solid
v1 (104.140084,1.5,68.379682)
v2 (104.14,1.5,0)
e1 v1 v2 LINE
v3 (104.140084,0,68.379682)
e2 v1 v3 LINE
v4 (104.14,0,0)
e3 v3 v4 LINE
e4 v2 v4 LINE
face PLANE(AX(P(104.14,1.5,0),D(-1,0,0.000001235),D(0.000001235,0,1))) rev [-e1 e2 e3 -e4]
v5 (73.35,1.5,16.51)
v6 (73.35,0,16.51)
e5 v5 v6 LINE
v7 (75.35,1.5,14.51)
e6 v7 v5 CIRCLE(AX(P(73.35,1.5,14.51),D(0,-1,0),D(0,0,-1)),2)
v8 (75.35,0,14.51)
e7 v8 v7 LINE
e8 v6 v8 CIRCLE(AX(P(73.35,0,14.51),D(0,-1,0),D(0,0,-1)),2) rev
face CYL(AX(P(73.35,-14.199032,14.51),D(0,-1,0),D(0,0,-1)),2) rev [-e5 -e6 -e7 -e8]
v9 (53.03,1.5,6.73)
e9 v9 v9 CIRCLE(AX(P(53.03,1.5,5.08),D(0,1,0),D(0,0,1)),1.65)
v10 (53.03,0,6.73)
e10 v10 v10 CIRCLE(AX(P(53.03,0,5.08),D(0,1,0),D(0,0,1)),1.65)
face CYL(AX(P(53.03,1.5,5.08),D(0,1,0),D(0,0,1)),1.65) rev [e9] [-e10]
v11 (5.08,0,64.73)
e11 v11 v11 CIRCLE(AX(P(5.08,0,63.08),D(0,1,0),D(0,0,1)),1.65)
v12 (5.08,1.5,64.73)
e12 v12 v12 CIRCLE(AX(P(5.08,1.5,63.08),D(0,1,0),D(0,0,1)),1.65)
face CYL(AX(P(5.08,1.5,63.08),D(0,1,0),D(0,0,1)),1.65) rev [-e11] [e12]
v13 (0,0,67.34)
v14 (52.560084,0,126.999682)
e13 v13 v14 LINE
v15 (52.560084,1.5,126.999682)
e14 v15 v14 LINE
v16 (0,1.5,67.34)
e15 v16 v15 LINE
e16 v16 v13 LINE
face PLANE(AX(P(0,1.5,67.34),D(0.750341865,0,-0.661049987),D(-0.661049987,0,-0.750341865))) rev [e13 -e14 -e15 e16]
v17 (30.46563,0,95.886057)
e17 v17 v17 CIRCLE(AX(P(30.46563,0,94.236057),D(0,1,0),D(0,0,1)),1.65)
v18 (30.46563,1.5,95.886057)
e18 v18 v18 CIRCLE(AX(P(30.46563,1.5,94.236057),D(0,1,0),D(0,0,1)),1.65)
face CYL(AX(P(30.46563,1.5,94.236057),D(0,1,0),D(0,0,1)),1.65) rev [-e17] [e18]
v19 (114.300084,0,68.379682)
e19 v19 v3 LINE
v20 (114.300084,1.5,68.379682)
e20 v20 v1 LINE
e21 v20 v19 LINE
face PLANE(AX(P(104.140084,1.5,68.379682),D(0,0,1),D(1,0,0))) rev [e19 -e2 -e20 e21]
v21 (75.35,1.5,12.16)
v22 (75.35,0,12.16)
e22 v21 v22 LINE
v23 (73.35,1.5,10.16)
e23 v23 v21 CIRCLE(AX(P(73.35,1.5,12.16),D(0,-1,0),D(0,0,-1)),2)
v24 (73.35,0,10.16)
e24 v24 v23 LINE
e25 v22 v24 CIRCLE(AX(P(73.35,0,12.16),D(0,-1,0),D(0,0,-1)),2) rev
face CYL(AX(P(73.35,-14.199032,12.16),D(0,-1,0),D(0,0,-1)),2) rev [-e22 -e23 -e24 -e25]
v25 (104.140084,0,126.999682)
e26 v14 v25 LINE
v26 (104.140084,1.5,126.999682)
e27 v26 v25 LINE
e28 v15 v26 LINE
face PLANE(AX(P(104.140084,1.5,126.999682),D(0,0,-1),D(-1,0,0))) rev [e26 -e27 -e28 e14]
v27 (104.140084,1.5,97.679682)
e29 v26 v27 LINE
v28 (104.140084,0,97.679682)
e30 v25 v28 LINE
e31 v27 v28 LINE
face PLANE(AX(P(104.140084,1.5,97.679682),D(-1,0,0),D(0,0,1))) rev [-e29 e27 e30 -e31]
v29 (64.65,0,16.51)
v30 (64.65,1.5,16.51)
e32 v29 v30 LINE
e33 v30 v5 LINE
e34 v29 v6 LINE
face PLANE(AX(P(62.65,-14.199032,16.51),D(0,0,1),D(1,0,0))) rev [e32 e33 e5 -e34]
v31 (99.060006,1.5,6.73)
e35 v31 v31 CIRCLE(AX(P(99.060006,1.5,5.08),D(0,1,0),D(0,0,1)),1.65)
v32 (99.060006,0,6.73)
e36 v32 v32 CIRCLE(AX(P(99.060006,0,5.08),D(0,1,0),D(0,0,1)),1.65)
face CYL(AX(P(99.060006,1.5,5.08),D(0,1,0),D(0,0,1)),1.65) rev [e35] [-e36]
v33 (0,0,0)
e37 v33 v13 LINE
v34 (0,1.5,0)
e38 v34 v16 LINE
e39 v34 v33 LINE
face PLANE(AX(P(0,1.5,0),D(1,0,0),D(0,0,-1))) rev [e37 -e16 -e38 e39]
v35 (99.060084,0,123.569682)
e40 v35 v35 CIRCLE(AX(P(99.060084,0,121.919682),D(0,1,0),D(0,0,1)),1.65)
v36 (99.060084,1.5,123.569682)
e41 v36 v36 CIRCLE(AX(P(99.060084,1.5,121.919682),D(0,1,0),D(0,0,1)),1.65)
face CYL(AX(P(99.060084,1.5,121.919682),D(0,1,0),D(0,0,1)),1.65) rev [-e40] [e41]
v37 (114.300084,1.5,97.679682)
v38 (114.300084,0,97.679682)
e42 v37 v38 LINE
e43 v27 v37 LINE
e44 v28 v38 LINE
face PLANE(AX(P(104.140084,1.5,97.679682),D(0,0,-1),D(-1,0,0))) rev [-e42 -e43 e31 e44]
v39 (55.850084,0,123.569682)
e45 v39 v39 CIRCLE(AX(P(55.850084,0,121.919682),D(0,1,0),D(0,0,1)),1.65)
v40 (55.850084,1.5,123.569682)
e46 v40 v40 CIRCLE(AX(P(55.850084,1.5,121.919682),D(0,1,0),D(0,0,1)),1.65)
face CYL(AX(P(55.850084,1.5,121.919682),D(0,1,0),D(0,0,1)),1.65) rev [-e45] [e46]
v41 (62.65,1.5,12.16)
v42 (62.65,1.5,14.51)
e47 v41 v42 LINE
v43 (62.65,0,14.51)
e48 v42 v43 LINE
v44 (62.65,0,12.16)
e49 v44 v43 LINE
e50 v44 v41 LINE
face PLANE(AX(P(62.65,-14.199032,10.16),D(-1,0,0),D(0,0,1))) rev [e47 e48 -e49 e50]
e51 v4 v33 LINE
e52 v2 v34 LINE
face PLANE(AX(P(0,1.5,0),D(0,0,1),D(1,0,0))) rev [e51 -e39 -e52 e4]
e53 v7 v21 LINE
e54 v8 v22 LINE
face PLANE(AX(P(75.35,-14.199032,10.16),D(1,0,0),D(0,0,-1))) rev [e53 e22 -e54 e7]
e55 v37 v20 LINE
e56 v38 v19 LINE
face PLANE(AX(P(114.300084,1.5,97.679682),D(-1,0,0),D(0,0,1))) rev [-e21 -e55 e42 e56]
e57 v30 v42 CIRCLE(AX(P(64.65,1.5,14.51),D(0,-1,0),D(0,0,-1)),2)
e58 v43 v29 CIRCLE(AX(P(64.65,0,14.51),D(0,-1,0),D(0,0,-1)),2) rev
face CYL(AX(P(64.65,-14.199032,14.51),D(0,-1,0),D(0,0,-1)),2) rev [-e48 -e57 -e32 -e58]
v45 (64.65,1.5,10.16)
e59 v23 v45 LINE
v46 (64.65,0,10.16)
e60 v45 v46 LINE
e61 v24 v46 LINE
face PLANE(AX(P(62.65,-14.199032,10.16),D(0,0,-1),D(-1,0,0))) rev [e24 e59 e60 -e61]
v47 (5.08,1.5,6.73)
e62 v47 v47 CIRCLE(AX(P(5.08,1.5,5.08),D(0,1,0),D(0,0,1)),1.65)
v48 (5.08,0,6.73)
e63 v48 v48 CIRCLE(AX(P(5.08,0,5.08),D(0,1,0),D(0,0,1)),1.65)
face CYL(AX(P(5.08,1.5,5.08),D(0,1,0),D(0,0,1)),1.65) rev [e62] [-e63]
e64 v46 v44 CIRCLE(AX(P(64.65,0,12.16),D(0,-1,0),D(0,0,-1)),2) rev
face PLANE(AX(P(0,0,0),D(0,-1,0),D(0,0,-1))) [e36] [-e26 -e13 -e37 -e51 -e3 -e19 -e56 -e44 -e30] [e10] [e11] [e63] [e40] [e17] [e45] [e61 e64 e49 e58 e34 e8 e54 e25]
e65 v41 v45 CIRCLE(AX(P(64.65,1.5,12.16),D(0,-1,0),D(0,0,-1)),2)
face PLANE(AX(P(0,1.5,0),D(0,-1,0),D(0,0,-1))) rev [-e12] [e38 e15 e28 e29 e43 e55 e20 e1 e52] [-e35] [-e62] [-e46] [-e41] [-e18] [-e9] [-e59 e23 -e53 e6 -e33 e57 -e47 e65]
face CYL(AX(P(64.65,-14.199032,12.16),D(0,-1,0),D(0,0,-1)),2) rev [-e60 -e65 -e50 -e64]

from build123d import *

# Parameters (mm, degrees)
BOSS_EXTRUDE1_DEPTH   = 1.5
F_4_0MM_DOWEL_HOLE1_D = 3.3
SKETCH4_W             = 12.7
SKETCH4_H             = 6.35
CUT_EXTRUDE1_DEPTH    = 1.5
FILLET1_R             = 2


with BuildPart() as part:
    # Sketch1 → Boss-Extrude1 (new body)
    with BuildSketch(Plane(origin=(0, 0, 0), x_dir=(1, 0, 0), z_dir=(0, 1, 0))):
        Polygon((0, 0), (104.14, 0), (104.140084457, -68.379681711), (114.300084457, -68.379681711), (114.300084457, -97.679681711), (104.140084457, -97.679681711), (104.140084457, -126.999681711), (52.560084457, -126.999681711), (0, -67.34), align=None)
    extrude(amount=BOSS_EXTRUDE1_DEPTH)

    # Ø4.0mm Dowel Hole1 (through all)
    with Locations(Plane(origin=(5.08, 1.5, 5.08), x_dir=(0, 0, 1), z_dir=(0, 1, 0))):
        with Locations((0, 0), (0, 47.95), (0, 93.980006274), (116.839681711, 93.980084457), (116.839681711, 50.770084457), (89.156056724, 25.385630403), (58, 0)):
            Hole(F_4_0MM_DOWEL_HOLE1_D / 2)

    # Sketch4 → Cut-Extrude1 (cut)
    with BuildSketch(Plane(origin=(0, 1.5, 0), x_dir=(1, 0, 0), z_dir=(0, 1, 0))):
        with Locations((69, -13.335)):
            Rectangle(SKETCH4_W, SKETCH4_H)
    extrude(amount=-CUT_EXTRUDE1_DEPTH, mode=Mode.SUBTRACT)

    # Fillet1
    fillet1_edges = [part.edges().sort_by_distance(p)[0] for p in [
        (62.65, 0.75, 10.16),
        (62.65, 0.75, 16.51),
        (75.35, 0.75, 16.51),
        (75.35, 0.75, 10.16),
    ]]
    fillet(fillet1_edges, radius=FILLET1_R)


solid = part.part
